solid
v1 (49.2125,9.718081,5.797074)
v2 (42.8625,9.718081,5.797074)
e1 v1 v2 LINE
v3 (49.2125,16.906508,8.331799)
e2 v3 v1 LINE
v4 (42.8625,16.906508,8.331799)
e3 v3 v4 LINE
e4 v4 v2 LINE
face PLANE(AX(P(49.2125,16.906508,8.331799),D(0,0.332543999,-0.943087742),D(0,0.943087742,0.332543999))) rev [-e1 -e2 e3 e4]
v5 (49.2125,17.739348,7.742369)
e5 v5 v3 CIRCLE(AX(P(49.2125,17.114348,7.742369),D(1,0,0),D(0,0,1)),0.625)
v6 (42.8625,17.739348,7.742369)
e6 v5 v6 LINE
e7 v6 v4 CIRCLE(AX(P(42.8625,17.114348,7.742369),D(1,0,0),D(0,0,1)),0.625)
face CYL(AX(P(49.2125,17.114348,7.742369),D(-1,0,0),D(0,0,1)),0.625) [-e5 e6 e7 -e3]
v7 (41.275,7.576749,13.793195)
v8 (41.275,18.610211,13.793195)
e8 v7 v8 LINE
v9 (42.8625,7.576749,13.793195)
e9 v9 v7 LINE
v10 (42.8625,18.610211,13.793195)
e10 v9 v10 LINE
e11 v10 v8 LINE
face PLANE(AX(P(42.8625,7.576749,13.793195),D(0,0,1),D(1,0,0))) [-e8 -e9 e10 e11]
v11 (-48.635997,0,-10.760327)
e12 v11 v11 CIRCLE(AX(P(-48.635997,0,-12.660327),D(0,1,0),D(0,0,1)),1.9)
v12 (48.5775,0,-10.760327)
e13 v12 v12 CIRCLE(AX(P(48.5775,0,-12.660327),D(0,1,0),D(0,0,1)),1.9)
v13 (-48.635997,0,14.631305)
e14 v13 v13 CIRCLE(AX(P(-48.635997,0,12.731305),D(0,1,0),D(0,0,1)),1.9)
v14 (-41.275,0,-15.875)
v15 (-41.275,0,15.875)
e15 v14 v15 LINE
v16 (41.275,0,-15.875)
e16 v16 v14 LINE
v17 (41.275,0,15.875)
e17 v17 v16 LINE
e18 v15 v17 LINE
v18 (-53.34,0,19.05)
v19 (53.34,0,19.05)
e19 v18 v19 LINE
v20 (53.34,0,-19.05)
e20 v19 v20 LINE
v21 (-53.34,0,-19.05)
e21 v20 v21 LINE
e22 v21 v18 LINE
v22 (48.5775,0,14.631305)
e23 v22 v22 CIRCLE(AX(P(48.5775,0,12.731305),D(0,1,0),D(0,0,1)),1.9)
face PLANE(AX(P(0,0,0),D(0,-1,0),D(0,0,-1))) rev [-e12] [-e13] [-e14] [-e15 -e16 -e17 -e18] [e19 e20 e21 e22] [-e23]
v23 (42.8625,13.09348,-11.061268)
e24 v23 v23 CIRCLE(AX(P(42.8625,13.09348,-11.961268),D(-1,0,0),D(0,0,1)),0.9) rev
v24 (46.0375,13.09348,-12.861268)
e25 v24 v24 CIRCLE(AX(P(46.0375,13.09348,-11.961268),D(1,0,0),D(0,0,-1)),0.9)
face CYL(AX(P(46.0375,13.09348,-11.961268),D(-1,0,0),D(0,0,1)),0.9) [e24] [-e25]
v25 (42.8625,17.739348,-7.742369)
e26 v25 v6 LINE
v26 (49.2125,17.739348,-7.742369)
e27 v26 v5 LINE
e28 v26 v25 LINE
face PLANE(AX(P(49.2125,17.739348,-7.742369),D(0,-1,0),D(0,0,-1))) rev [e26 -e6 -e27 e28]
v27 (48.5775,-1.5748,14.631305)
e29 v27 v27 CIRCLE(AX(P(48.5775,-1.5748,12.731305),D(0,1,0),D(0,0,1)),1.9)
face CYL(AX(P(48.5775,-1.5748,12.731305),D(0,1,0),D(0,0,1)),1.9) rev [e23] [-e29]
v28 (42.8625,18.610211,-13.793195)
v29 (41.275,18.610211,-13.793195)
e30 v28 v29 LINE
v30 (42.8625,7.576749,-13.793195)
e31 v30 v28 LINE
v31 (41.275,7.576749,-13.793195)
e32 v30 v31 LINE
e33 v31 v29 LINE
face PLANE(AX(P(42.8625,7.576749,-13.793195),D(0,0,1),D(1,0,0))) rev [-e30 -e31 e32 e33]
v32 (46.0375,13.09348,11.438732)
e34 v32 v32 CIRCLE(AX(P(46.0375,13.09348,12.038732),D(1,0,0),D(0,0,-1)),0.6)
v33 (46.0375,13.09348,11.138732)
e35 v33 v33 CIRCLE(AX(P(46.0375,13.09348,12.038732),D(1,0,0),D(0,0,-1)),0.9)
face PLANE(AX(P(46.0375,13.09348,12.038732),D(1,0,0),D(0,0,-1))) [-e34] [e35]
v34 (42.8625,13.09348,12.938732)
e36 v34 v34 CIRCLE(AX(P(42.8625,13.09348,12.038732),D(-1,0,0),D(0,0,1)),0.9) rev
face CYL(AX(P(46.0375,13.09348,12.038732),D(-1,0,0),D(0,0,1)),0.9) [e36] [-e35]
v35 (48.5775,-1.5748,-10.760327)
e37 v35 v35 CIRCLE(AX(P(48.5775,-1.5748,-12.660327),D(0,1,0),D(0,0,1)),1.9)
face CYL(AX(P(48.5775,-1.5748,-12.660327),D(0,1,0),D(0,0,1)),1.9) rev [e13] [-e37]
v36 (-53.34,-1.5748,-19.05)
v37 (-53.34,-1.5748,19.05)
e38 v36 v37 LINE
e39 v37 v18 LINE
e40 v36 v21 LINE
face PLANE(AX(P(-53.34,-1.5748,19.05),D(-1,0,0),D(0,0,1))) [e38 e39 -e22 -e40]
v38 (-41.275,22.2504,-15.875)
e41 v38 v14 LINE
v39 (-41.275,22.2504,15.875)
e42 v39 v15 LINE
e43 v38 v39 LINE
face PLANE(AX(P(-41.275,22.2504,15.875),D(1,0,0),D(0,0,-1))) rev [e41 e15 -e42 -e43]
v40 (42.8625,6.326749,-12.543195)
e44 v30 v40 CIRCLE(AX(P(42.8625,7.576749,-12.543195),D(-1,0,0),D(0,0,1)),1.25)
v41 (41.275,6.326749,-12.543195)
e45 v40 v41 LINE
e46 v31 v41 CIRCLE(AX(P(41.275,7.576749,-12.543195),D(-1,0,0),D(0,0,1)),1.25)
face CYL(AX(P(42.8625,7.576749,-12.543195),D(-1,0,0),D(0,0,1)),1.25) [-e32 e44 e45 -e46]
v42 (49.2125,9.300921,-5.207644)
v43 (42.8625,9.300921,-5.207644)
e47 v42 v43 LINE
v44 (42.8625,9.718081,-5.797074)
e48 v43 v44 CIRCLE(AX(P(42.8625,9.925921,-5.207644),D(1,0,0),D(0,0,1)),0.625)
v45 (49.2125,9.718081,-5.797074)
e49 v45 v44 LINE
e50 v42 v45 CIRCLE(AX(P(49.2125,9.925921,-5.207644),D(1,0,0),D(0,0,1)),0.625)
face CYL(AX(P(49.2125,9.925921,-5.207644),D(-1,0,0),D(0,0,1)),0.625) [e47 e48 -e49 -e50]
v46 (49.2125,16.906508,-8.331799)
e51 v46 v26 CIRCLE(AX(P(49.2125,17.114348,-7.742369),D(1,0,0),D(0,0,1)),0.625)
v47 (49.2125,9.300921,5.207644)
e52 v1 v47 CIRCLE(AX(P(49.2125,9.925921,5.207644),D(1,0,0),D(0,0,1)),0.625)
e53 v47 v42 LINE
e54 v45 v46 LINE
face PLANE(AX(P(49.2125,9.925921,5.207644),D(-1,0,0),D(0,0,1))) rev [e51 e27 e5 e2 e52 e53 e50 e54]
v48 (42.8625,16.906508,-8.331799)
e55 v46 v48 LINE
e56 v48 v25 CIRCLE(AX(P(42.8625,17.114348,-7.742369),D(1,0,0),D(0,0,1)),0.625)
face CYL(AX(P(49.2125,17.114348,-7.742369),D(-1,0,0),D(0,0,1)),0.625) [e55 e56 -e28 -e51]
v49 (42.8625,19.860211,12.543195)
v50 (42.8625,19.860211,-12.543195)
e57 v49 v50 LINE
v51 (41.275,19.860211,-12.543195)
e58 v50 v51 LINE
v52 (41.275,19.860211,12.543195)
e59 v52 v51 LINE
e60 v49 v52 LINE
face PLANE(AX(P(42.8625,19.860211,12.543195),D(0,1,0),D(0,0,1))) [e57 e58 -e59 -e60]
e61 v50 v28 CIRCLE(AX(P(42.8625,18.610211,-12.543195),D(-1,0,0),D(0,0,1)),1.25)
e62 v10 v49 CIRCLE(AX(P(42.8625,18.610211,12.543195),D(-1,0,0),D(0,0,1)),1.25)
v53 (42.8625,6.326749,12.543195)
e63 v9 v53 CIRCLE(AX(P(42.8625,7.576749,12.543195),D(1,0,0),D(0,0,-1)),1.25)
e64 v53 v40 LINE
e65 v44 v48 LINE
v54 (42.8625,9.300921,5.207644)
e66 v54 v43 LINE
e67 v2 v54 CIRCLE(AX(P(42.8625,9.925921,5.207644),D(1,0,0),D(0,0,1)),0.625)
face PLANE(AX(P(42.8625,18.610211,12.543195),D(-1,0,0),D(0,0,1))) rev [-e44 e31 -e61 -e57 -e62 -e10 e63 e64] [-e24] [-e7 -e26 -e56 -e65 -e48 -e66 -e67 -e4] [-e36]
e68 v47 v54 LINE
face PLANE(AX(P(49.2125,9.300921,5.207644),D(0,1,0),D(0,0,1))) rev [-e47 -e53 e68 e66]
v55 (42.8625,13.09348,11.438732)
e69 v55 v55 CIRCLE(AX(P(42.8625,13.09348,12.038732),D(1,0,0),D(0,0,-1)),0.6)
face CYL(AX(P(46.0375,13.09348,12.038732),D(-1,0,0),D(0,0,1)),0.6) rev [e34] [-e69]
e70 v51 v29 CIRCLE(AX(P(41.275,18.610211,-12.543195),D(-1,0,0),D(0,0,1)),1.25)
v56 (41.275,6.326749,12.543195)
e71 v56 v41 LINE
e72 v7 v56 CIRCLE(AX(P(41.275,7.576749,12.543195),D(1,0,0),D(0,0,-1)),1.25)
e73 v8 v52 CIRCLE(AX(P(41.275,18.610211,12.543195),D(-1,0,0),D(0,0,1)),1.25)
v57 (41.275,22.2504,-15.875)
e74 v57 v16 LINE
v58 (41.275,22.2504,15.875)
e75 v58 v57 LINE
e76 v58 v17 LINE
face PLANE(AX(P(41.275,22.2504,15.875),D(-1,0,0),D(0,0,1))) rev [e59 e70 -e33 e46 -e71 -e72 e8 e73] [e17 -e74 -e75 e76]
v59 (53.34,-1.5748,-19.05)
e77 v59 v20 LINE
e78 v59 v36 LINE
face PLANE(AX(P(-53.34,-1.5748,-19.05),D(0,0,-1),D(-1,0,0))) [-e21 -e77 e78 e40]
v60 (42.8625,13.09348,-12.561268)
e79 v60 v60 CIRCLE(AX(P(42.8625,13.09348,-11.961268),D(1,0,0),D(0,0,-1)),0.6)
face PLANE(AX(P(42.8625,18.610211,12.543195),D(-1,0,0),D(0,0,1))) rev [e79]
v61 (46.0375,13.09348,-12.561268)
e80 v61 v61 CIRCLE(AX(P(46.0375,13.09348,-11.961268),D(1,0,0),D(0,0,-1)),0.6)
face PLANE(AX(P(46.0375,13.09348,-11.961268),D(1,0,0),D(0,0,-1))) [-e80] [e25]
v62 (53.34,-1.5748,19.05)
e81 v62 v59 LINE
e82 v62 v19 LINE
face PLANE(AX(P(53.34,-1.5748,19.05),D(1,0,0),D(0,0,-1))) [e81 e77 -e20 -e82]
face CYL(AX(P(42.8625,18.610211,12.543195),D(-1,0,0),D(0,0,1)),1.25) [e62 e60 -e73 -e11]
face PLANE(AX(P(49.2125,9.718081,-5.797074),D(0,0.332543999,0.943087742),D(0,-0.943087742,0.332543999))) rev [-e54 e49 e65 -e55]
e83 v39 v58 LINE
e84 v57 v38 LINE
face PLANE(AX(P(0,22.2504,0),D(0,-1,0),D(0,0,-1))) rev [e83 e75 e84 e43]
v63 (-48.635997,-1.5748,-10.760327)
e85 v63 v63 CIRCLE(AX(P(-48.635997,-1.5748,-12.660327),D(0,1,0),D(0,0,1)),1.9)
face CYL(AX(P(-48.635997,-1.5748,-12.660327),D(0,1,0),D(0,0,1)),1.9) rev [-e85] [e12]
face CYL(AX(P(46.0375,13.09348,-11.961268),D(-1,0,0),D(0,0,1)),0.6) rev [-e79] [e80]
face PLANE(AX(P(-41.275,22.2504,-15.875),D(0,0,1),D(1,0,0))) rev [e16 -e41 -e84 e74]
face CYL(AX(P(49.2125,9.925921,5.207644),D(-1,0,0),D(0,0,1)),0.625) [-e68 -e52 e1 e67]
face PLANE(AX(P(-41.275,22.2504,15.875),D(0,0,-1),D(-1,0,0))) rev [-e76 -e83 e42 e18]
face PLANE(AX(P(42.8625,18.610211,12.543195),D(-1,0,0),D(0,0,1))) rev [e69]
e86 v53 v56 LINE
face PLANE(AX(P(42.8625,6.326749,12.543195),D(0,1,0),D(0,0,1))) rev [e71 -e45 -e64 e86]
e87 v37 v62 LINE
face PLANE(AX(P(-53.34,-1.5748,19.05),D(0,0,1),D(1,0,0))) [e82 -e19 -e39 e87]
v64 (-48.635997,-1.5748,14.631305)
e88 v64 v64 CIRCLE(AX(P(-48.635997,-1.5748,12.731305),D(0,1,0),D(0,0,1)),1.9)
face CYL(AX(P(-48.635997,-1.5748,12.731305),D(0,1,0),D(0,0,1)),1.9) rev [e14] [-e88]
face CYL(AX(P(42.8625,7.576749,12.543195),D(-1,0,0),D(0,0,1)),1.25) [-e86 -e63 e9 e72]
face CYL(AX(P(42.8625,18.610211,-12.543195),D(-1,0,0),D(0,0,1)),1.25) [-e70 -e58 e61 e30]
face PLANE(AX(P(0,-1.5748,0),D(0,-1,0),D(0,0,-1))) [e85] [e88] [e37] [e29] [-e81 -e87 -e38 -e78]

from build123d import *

# Parameters (mm, degrees)
SKETCH2_W           = 106.68
SKETCH2_H           = 38.1
BOSS_EXTRUDE1_DEPTH = 1.5748
SKETCH3_R           = 1.9
CUT_EXTRUDE1_DEPTH  = 2.5748
SKETCH4_W           = 82.55
SKETCH4_H           = 31.75
BOSS_EXTRUDE2_DEPTH = 22.2504
BOSS_EXTRUDE3_DEPTH = 1.5875
SKETCH7_R           = 0.9
SKETCH7_R_2         = 0.6
BOSS_EXTRUDE4_DEPTH = 3.175
BOSS_EXTRUDE5_DEPTH = 6.35


with BuildPart() as part:
    # Sketch2 → Boss-Extrude1 (new body)
    with BuildSketch(Plane(origin=(0, 0, 0), x_dir=(1, 0, 0), z_dir=(0, 1, 0))):
        Rectangle(SKETCH2_W, SKETCH2_H)
    extrude(amount=-BOSS_EXTRUDE1_DEPTH)

    # Sketch3 → Cut-Extrude1 (cut, through all)
    with BuildSketch(Plane(origin=(0, 0, 0), x_dir=(1, 0, 0), z_dir=(0, 1, 0))):
        with Locations((-48.635996958, 12.660327112)):
            Circle(SKETCH3_R)
        with Locations((-48.635996958, -12.731304513)):
            Circle(SKETCH3_R)
        with Locations((48.5775, 12.660327112)):
            Circle(SKETCH3_R)
        with Locations((48.5775, -12.731304513)):
            Circle(SKETCH3_R)
    extrude(amount=-CUT_EXTRUDE1_DEPTH, mode=Mode.SUBTRACT)

    # Sketch4 → Boss-Extrude2 (add)
    with BuildSketch(Plane(origin=(0, 0, 0), x_dir=(1, 0, 0), z_dir=(0, 1, 0))):
        Rectangle(SKETCH4_W, SKETCH4_H)
    extrude(amount=BOSS_EXTRUDE2_DEPTH)

    # Sketch5 → Boss-Extrude3 (add)
    with BuildSketch(Plane(origin=(41.275, 0, 0), x_dir=(0, 0, -1), z_dir=(1, 0, 0))):
        with BuildLine():
            Line((-12.543194793, 6.326748643), (12.543194793, 6.326748643))
            ThreePointArc((12.543194793, 6.326748643), (13.427078269, 6.692865167), (13.793194793, 7.576748643))
            Line((13.793194793, 7.576748643), (13.793194793, 18.610210685))
            ThreePointArc((13.793194793, 18.610210685), (13.427078269, 19.494094161), (12.543194793, 19.860210685))
            Line((12.543194793, 19.860210685), (-12.543194793, 19.860210685))
            ThreePointArc((-12.543194793, 19.860210685), (-13.427078269, 19.494094161), (-13.793194793, 18.610210685))
            Line((-13.793194793, 18.610210685), (-13.793194793, 7.576748643))
            ThreePointArc((-13.793194793, 7.576748643), (-13.427078269, 6.692865167), (-12.543194793, 6.326748643))
        make_face()
    extrude(amount=BOSS_EXTRUDE3_DEPTH)

    # Sketch7 → Boss-Extrude4 (add)
    with BuildSketch(Plane(origin=(42.8625, 0, 0), x_dir=(0, 0, -1), z_dir=(1, 0, 0))):
        with Locations((11.961268356, 13.093479664)):
            Circle(SKETCH7_R)
        with Locations((11.961268356, 13.093479664)):
            Circle(SKETCH7_R_2, mode=Mode.SUBTRACT)
        with Locations((-12.038731644, 13.093479664)):
            Circle(SKETCH7_R)
        with Locations((-12.038731644, 13.093479664)):
            Circle(SKETCH7_R_2, mode=Mode.SUBTRACT)
    extrude(amount=BOSS_EXTRUDE4_DEPTH)

    # Sketch8 → Boss-Extrude5 (add)
    with BuildSketch(Plane(origin=(42.8625, 0, 0), x_dir=(0, 0, -1), z_dir=(1, 0, 0))):
        with BuildLine():
            Line((-8.331799028, 16.906508091), (-5.797073634, 9.718080521))
            ThreePointArc((-5.797073634, 9.718080521), (-5.568701271, 9.415761232), (-5.207643796, 9.30092052))
            Line((-5.207643796, 9.30092052), (5.207643796, 9.30092052))
            ThreePointArc((5.207643796, 9.30092052), (5.568701271, 9.415761232), (5.797073634, 9.718080521))
            Line((5.797073634, 9.718080521), (8.331799028, 16.906508091))
            ThreePointArc((8.331799028, 16.906508091), (8.252528477, 17.475405565), (7.742369189, 17.73934809))
            Line((7.742369189, 17.73934809), (-7.742369189, 17.73934809))
            ThreePointArc((-7.742369189, 17.73934809), (-8.252528477, 17.475405565), (-8.331799028, 16.906508091))
        make_face()
    extrude(amount=BOSS_EXTRUDE5_DEPTH)


solid = part.part
